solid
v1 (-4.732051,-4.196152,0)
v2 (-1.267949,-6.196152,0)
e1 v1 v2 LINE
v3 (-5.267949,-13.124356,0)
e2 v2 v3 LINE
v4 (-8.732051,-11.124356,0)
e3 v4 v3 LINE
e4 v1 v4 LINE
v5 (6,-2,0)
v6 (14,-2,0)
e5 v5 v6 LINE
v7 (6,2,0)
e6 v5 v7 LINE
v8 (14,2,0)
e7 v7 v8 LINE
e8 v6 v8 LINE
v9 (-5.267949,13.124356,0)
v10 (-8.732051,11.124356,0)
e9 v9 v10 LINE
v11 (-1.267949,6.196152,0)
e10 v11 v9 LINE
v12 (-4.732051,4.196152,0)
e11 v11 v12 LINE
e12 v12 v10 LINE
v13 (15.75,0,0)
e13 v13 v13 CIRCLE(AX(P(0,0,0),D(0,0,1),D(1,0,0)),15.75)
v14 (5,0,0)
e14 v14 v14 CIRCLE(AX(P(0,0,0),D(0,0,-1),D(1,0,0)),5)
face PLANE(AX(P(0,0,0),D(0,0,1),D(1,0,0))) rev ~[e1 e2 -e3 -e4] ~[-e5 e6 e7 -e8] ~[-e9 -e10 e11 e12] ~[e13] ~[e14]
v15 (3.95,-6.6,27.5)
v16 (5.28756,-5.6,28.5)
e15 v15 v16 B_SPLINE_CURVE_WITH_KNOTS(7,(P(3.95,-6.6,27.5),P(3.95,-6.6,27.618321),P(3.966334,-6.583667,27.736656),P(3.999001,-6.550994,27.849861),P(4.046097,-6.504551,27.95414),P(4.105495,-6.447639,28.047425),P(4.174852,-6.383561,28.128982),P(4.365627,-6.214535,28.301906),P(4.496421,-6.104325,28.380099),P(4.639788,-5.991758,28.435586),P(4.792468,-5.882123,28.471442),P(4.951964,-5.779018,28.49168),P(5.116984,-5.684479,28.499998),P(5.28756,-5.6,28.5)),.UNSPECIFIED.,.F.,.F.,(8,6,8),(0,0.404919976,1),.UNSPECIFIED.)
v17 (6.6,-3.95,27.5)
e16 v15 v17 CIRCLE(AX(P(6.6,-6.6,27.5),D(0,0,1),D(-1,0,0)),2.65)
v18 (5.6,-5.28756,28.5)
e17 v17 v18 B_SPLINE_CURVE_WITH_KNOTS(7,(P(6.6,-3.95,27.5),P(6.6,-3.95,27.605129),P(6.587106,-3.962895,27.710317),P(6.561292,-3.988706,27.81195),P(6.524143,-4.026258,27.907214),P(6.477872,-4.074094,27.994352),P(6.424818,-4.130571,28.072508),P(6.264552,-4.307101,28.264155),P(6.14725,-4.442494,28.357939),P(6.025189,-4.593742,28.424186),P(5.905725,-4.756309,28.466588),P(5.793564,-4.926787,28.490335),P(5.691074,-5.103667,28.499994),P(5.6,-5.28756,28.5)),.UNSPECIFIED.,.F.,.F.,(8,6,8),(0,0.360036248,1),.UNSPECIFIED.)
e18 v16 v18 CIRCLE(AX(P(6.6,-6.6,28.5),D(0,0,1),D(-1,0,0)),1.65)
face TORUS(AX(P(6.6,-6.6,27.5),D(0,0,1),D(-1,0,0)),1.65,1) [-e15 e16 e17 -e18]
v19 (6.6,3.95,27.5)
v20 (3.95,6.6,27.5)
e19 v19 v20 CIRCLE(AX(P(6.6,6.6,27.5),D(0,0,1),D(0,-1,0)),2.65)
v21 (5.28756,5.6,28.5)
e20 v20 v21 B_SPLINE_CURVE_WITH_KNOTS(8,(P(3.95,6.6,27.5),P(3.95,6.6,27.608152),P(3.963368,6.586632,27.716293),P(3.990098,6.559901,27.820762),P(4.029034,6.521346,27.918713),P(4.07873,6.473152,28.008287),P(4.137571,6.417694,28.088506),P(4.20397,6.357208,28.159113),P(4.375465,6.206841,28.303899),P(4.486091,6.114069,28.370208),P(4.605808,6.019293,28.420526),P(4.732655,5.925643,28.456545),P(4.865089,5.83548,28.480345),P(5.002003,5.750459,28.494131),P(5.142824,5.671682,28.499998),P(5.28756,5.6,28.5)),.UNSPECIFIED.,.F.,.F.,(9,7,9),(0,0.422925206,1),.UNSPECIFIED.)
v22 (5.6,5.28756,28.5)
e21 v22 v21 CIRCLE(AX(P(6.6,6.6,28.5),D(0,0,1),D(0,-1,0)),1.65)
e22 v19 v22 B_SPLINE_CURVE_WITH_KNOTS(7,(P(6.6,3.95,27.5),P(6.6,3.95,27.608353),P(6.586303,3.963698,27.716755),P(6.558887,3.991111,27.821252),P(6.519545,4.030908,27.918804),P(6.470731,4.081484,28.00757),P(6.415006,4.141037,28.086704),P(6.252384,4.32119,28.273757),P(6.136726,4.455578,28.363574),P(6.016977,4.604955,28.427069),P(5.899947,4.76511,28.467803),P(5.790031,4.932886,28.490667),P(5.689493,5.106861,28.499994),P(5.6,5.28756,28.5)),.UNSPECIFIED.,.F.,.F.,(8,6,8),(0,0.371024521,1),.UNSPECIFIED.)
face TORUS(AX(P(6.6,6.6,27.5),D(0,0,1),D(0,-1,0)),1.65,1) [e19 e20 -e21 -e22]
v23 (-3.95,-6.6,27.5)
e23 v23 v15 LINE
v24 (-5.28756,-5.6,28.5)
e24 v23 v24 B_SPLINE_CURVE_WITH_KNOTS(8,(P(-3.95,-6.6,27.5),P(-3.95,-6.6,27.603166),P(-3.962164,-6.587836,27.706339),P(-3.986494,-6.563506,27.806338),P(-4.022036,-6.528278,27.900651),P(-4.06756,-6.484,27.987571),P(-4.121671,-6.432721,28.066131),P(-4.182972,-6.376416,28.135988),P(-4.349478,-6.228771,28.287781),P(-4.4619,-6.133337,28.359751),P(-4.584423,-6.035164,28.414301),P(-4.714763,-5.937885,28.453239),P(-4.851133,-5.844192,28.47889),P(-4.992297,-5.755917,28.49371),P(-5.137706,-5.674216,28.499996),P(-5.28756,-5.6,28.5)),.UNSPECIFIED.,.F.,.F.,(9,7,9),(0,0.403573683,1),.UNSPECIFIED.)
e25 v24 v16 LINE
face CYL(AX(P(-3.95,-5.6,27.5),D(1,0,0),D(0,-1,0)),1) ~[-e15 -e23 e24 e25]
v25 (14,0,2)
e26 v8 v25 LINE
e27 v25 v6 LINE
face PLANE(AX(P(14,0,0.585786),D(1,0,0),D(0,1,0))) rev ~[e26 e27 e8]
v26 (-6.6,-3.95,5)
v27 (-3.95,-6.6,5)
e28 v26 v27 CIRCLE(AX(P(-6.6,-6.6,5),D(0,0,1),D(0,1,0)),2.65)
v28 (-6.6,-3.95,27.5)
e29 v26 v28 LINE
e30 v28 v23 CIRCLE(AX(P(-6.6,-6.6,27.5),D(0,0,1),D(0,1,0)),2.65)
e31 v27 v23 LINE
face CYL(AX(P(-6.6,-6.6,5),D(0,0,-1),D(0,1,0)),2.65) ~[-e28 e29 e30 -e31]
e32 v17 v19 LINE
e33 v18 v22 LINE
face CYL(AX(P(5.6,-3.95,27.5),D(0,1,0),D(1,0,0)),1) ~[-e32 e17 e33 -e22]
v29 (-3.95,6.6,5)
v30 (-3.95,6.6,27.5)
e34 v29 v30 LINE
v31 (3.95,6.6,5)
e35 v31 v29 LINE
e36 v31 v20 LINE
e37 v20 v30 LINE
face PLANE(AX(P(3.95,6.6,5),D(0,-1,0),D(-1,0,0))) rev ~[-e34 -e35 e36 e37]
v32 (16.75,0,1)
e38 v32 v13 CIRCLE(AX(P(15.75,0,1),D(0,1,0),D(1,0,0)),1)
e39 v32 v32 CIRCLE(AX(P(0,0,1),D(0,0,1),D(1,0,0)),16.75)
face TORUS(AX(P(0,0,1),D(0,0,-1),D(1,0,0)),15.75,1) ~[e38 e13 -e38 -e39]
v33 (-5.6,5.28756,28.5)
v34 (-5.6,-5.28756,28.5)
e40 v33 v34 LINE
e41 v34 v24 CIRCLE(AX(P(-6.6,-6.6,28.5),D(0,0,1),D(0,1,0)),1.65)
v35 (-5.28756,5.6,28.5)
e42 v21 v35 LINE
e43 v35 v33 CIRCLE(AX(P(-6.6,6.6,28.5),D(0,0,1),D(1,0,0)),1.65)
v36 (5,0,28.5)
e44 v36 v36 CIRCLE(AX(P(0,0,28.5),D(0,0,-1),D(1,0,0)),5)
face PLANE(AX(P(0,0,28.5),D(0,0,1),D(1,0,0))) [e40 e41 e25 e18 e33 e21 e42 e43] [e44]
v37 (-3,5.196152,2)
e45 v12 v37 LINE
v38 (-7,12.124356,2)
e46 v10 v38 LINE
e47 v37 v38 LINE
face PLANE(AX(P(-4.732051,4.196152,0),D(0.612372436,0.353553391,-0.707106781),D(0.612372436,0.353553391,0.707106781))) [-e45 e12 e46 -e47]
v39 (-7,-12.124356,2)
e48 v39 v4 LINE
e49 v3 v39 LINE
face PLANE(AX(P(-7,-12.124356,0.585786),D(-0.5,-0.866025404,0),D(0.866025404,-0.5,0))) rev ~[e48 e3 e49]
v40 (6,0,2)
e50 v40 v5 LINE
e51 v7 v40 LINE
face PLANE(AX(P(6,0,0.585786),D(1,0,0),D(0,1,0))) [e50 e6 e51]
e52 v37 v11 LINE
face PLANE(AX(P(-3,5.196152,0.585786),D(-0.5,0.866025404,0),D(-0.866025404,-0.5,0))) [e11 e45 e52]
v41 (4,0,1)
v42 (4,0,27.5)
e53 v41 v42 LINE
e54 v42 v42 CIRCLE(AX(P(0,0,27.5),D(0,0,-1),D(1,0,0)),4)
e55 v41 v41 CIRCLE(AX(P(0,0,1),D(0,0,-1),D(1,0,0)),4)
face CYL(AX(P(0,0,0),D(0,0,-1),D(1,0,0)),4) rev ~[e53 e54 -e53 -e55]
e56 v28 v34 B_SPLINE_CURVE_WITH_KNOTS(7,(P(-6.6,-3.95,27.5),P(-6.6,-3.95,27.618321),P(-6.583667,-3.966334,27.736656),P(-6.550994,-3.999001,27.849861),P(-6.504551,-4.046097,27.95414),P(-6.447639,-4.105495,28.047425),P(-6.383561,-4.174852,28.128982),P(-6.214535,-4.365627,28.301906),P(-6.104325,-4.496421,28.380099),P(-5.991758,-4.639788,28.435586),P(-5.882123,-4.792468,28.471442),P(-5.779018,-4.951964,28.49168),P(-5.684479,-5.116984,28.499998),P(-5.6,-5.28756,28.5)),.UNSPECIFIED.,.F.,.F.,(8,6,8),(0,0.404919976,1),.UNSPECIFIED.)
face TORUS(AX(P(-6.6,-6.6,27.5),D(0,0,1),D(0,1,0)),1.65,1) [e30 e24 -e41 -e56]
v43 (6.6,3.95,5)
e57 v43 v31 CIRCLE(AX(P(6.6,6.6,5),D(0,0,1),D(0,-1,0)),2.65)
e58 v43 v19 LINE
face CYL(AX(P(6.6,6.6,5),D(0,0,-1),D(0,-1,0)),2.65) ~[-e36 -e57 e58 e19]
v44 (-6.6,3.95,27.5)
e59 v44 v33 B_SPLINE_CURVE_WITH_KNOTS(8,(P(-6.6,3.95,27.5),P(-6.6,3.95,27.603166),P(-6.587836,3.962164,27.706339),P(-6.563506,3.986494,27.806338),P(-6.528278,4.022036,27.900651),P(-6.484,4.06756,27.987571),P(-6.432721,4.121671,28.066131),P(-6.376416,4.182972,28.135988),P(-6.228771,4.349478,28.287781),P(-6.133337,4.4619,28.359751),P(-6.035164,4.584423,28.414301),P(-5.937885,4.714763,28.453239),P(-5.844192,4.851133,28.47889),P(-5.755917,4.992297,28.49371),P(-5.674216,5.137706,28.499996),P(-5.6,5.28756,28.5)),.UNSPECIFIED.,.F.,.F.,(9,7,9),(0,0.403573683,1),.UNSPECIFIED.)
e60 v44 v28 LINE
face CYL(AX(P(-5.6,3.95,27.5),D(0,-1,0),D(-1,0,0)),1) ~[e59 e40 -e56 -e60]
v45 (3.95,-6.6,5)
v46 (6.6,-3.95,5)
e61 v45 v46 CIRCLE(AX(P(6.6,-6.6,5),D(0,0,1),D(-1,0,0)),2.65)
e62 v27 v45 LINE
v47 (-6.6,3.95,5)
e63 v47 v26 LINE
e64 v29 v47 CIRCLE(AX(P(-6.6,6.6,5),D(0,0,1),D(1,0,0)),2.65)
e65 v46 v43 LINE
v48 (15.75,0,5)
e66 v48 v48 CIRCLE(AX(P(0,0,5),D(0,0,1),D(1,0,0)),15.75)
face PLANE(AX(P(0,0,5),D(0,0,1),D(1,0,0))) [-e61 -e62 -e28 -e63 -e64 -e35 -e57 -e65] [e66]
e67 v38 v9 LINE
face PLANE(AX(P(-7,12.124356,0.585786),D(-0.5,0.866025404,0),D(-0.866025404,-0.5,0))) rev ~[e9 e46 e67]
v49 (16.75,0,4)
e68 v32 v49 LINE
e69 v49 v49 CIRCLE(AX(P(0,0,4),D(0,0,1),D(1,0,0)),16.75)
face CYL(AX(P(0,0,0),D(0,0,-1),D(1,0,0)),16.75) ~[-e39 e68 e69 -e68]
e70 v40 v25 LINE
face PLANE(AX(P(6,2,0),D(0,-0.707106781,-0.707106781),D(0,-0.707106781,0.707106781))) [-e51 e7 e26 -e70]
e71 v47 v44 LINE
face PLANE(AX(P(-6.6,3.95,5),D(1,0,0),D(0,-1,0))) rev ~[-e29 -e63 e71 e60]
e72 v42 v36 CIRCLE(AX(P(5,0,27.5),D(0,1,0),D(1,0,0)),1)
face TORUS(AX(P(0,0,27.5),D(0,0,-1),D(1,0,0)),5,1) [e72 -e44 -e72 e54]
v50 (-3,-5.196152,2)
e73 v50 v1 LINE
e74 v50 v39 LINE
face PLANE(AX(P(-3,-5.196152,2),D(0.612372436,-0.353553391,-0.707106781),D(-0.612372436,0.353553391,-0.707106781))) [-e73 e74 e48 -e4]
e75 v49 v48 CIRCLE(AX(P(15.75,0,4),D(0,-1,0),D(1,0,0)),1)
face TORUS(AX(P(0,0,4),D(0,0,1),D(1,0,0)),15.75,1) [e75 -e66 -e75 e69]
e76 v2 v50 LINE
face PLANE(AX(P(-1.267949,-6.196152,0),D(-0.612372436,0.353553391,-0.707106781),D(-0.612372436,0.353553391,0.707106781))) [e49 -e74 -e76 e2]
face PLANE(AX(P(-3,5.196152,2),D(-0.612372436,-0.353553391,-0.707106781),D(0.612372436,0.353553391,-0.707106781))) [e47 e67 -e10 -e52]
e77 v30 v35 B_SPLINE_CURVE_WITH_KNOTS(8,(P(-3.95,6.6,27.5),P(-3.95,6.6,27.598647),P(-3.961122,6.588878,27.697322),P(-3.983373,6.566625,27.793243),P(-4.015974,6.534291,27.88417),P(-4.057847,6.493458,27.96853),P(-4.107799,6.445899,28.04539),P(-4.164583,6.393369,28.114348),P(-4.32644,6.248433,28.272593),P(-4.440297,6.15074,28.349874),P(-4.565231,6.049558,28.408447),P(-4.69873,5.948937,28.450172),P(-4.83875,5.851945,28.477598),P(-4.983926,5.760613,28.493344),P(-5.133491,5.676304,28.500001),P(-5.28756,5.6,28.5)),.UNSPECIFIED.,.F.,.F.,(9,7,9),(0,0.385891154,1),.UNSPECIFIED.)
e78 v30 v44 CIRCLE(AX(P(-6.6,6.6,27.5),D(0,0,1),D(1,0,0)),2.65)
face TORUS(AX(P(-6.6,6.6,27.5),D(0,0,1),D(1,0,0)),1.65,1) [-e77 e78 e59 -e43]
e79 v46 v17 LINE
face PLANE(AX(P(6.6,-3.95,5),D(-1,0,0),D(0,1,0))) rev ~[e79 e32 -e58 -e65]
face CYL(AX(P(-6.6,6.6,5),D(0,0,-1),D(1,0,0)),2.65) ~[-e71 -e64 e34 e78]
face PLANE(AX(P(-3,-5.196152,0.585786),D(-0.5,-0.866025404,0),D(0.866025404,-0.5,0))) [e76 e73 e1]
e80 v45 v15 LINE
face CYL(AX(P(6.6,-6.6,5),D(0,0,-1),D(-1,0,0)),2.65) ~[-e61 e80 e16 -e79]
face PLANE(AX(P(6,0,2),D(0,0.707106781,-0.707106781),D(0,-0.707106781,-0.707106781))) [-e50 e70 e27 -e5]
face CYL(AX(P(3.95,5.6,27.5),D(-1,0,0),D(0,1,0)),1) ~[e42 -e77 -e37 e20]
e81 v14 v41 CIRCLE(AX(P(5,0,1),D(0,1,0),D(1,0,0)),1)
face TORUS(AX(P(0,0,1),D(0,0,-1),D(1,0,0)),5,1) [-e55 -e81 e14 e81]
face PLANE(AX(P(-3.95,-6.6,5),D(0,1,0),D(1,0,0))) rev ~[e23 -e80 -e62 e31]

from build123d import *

# Parameters (mm, degrees)
F0_R     = 16.75
F1_DEPTH = 5
F3_DEPTH = 23.5
F4_R     = 4
F5_DEPTH = 28.501
F7_START = 6
F7_DEPTH = 8
F9_COUNT = 3
F11_R    = 1


with BuildPart() as f1:
    # F0 (on Top) → F1 (new body)
    with BuildSketch(Plane.XY):
        Circle(F0_R)
    extrude(amount=F1_DEPTH)

    # F2 (on face) → F3 (join)
    with BuildSketch(Plane.XY.offset(5)):
        with BuildLine():
            Line((3.95, 6.6), (-3.95, 6.6))
            ThreePointArc((-3.95, 6.6), (-8.4738329701, 8.4738329701), (-6.6, 3.95))
            Line((-6.6, 3.95), (-6.6, -3.95))
            ThreePointArc((-6.6, -3.95), (-8.4738329701, -8.4738329701), (-3.95, -6.6))
            Line((-3.95, -6.6), (3.95, -6.6))
            ThreePointArc((3.95, -6.6), (8.4738329701, -8.4738329701), (6.6, -3.95))
            Line((6.6, -3.95), (6.6, 3.95))
            ThreePointArc((6.6, 3.95), (8.4738329701, 8.4738329701), (3.95, 6.6))
        make_face()
    extrude(amount=F3_DEPTH)

    # F4 (on face) → F5 (cut, through all)
    with BuildSketch(Plane(origin=(0, 0, 0), x_dir=(1, 0, 0), z_dir=(0, 0, -1))):
        Circle(F4_R)
    extrude(amount=-F5_DEPTH, mode=Mode.SUBTRACT)


with BuildPart() as f7:
    # F6 (on Right) → F7 (new body)
    with BuildSketch(Plane.YZ.offset(F7_START)):
        Polygon((0, 2), (-2, 0), (2, 0), align=None)
    extrude(amount=F7_DEPTH)


with BuildPart() as f9_1:
    # F9: instance of F7
    add(f7.part.rotate(Axis((0, 0, -0.1442357898), (0, 0, 1)), 1 * 360 / F9_COUNT))


with BuildPart() as f9_2:
    # F9: instance of F7
    add(f7.part.rotate(Axis((0, 0, -0.1442357898), (0, 0, 1)), 2 * 360 / F9_COUNT))


with BuildPart() as f1_1:
    add(f1.part)

    # F10: cut F7, F9_1, F9_2
    add(f7.part, mode=Mode.SUBTRACT)
    add(f9_1.part, mode=Mode.SUBTRACT)
    add(f9_2.part, mode=Mode.SUBTRACT)

    # F11
    f11_edges = [f1_1.edges().sort_by_distance(p)[0] for p in [
        (-16.75, 0, 0),
        (-16.75, 0, 5),
        (0, 6.6, 28.5),
        (-8.473833, 8.473833, 28.5),
        (-6.6, 0, 28.5),
        (-8.473833, -8.473833, 28.5),
        (0, -6.6, 28.5),
        (8.473833, -8.473833, 28.5),
        (6.6, 0, 28.5),
        (8.473833, 8.473833, 28.5),
        (-4, 0, 0),
        (-4, 0, 28.5),
    ]]
    fillet(f11_edges, radius=F11_R)


solid = f1_1.part
